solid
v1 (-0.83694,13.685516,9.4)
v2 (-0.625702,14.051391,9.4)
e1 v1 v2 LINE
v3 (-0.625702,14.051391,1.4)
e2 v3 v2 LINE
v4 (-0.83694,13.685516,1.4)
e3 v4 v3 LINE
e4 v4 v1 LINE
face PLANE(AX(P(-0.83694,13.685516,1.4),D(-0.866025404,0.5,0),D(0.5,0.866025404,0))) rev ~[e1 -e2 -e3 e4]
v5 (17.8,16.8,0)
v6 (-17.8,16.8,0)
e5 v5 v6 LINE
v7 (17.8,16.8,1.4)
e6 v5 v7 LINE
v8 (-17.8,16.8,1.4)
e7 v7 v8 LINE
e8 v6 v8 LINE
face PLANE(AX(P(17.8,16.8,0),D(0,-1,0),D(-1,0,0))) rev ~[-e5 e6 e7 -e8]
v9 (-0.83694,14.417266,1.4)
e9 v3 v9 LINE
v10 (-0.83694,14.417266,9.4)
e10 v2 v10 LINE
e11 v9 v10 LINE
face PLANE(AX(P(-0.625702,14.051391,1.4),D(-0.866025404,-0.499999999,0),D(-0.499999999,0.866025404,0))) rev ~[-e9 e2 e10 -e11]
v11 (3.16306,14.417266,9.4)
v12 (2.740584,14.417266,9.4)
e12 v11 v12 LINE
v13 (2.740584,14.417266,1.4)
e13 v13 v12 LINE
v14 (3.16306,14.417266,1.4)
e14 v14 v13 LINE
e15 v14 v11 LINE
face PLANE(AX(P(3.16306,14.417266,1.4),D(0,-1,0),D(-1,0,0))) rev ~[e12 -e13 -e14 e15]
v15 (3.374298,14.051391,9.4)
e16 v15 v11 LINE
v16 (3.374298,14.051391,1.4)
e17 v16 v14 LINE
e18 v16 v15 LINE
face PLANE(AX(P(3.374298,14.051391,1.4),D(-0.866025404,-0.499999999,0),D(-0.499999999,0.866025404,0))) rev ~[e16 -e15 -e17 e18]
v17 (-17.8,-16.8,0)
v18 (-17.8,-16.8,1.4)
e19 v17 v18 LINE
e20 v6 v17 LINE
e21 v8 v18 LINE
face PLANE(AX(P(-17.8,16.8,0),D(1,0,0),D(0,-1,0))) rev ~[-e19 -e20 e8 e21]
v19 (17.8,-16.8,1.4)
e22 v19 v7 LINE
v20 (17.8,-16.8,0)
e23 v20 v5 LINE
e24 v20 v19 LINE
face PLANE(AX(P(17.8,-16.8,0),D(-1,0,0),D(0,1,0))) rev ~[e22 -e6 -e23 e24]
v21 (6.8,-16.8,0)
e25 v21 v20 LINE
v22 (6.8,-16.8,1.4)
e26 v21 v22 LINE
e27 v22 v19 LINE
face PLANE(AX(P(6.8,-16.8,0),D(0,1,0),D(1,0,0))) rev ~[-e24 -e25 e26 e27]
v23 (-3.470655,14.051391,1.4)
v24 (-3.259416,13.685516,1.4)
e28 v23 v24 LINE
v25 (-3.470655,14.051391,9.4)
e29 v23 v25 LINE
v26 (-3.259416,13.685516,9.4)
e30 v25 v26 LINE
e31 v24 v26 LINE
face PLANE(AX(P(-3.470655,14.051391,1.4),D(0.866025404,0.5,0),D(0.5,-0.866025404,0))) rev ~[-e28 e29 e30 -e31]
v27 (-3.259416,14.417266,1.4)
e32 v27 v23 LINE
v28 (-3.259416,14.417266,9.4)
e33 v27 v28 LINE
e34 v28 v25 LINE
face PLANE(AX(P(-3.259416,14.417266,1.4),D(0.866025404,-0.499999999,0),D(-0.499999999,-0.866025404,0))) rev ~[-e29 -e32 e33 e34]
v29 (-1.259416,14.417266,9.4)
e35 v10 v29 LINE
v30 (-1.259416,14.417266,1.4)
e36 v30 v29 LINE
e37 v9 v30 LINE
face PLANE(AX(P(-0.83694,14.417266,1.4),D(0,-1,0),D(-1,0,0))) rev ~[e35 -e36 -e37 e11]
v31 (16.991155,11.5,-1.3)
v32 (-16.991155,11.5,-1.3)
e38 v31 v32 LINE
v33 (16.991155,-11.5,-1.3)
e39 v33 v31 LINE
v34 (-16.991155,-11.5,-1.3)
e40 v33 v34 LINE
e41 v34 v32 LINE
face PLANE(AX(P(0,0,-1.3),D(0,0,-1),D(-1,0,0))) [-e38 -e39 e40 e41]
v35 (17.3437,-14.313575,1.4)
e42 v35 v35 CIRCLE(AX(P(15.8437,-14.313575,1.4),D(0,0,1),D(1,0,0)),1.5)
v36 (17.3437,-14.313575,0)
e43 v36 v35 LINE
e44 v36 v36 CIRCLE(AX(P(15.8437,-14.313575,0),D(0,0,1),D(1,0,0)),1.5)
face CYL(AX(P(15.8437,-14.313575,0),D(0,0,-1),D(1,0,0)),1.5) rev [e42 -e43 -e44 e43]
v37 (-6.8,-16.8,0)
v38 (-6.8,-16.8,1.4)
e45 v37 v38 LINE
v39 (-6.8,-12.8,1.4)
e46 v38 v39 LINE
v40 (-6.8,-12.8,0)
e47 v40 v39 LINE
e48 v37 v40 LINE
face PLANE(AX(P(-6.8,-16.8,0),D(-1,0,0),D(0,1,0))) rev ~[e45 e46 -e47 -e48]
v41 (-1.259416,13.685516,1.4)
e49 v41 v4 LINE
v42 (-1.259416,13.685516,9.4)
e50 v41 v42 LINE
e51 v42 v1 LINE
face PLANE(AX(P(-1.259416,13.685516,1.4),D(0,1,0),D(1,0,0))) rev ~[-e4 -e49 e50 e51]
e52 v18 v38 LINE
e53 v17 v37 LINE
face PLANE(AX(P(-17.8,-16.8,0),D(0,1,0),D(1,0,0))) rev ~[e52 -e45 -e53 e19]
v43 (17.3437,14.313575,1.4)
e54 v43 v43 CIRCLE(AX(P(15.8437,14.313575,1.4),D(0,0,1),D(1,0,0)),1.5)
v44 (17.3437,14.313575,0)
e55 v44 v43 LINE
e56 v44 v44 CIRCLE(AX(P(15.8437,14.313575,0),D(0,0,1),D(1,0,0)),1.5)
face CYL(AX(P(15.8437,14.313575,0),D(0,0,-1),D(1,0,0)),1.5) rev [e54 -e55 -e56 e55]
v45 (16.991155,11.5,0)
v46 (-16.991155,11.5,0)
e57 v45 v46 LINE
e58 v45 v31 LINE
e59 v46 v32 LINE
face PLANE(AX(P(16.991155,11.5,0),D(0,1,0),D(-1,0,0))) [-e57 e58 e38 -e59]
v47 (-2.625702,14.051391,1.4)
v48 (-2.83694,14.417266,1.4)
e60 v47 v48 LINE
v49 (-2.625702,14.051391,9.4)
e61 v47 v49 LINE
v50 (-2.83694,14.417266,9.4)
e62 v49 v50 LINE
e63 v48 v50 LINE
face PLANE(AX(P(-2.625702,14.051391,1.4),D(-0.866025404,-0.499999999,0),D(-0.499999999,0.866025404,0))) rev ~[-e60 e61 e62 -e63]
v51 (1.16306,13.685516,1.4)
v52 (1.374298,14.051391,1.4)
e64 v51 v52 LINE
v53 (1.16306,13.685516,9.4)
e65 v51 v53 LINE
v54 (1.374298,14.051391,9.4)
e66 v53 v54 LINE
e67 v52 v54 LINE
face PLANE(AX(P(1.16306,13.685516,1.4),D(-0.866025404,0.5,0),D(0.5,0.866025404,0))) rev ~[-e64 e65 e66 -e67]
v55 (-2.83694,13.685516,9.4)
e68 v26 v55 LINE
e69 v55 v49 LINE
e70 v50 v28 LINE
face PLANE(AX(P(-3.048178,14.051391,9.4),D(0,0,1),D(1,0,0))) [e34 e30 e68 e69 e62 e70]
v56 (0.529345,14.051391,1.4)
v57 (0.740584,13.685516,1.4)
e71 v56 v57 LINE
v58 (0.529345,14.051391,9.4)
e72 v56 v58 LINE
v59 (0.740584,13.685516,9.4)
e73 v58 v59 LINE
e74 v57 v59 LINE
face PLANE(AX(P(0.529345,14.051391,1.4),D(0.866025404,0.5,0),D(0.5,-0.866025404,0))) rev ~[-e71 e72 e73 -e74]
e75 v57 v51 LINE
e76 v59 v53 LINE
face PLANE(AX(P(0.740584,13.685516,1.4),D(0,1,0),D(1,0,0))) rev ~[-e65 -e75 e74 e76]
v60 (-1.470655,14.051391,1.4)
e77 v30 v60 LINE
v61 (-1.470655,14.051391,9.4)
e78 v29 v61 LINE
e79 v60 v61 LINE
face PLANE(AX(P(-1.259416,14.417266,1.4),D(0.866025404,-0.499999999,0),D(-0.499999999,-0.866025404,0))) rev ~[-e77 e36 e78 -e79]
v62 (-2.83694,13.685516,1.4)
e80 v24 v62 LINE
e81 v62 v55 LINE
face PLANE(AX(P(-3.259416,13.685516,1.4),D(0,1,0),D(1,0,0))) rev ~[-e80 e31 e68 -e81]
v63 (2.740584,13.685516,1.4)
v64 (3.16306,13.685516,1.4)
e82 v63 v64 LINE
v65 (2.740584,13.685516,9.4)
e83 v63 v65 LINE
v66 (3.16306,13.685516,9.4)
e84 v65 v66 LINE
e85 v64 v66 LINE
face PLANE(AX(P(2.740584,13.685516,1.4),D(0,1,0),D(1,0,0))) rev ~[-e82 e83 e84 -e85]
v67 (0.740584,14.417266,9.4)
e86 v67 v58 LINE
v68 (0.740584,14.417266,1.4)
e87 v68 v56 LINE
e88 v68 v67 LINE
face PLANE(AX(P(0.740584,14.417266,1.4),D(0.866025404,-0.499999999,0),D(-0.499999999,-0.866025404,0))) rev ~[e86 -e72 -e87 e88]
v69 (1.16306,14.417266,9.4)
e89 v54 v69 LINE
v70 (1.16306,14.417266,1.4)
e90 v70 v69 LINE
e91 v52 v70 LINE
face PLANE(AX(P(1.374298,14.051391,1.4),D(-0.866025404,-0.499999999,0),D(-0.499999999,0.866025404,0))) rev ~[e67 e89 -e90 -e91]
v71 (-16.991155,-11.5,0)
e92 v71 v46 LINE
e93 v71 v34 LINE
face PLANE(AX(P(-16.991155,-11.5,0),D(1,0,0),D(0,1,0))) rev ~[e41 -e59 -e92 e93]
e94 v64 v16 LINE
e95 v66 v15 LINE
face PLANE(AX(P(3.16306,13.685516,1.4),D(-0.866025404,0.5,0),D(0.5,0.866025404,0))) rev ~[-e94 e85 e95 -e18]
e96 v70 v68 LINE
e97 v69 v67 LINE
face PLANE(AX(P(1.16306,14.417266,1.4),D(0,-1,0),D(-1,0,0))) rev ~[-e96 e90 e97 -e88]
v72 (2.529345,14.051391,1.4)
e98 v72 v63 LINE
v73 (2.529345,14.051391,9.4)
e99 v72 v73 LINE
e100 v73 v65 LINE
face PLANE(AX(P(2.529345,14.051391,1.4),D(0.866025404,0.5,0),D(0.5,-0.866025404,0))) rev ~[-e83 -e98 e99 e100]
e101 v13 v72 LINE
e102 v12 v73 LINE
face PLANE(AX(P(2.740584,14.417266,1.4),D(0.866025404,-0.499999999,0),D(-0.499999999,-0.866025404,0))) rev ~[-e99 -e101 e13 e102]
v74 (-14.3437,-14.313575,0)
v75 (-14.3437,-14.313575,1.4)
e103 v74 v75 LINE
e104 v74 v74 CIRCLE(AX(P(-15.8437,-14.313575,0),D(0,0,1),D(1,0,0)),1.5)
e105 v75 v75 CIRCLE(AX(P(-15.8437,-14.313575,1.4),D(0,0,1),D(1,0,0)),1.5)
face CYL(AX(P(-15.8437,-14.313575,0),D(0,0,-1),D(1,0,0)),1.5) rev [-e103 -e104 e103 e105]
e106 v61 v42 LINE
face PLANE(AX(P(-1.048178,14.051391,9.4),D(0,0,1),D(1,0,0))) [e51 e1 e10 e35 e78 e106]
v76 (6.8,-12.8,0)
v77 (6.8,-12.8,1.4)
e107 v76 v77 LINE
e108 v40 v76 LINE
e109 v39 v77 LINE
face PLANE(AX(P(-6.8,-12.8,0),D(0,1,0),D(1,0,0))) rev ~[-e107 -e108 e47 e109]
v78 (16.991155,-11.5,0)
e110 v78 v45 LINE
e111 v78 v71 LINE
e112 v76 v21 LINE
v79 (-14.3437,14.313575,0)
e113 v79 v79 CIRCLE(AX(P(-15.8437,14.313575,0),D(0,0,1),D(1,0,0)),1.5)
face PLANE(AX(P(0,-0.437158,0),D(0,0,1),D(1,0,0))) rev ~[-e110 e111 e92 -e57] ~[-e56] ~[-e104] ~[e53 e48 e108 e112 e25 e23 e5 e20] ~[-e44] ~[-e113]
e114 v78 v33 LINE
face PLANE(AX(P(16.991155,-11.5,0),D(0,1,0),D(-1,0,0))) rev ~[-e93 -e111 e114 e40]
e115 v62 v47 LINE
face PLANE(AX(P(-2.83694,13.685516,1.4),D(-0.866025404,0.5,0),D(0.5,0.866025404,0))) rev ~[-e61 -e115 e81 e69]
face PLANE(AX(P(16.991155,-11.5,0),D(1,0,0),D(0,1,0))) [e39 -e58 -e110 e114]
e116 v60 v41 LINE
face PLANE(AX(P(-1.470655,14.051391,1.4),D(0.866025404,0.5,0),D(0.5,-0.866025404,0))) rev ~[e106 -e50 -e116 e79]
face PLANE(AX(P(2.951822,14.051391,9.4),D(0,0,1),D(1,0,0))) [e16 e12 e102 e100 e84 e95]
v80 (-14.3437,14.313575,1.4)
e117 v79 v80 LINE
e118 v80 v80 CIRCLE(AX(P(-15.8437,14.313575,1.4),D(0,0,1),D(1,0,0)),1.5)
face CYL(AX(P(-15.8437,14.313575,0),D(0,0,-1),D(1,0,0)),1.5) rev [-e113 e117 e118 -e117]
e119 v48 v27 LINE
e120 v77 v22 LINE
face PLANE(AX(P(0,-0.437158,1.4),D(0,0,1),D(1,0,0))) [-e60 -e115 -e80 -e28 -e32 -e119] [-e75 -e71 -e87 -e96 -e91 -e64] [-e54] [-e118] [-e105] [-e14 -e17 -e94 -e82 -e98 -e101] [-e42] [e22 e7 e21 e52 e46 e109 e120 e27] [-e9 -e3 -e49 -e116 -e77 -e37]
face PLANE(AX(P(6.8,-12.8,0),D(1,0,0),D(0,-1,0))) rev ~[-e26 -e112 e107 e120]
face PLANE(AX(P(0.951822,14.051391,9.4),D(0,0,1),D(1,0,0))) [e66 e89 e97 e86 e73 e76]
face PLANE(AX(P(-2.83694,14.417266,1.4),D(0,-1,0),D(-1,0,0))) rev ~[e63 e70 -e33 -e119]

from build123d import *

# Parameters (mm, degrees)
SKETCH1_R           = 1.5
BOSS_EXTRUDE1_DEPTH = 1.4
SKETCH2_W           = 33.982309018
SKETCH2_H           = 23
BOSS_EXTRUDE2_DEPTH = 1.3
BOSS_EXTRUDE3_DEPTH = 8


with BuildPart() as part:
    # Sketch1 → Boss-Extrude1 (new body)
    with BuildSketch(Plane.XY):
        Polygon((17.8, 16.8), (-17.8, 16.8), (-17.8, -16.8), (-6.8, -16.8), (-6.8, -12.8), (6.8, -12.8), (6.8, -16.8), (17.8, -16.8), align=None)
        with Locations((-15.843700026, -14.313574824)):
            Circle(SKETCH1_R, mode=Mode.SUBTRACT)
        with Locations((15.843700026, -14.313574824)):
            Circle(SKETCH1_R, mode=Mode.SUBTRACT)
        with Locations((-15.843700026, 14.313574824)):
            Circle(SKETCH1_R, mode=Mode.SUBTRACT)
        with Locations((15.843700026, 14.313574824)):
            Circle(SKETCH1_R, mode=Mode.SUBTRACT)
    extrude(amount=BOSS_EXTRUDE1_DEPTH)

    # Sketch2 → Boss-Extrude2 (add)
    with BuildSketch(Plane(origin=(0, 0, 0), x_dir=(-1, 0, 0), z_dir=(0, 0, -1))):
        Rectangle(SKETCH2_W, SKETCH2_H)
    extrude(amount=BOSS_EXTRUDE2_DEPTH)

    # Sketch3 → Boss-Extrude3 (add)
    with BuildSketch(Plane.XY.offset(1.4)):
        Polygon((-0.625701938, 14.051390723), (-0.836940095, 14.417265944), (-1.259416409, 14.417265944), (-1.470654566, 14.051390723), (-1.259416409, 13.685515503), (-0.836940095, 13.685515503), align=None)
        Polygon((-2.625701938, 14.051390723), (-2.836940095, 14.417265944), (-3.259416409, 14.417265944), (-3.470654566, 14.051390723), (-3.259416409, 13.685515503), (-2.836940095, 13.685515503), align=None)
        Polygon((1.374298062, 14.051390723), (1.163059905, 14.417265944), (0.740583591, 14.417265944), (0.529345434, 14.051390723), (0.740583591, 13.685515503), (1.163059905, 13.685515503), align=None)
        Polygon((3.374298062, 14.051390723), (3.163059905, 14.417265944), (2.740583591, 14.417265944), (2.529345434, 14.051390723), (2.740583591, 13.685515503), (3.163059905, 13.685515503), align=None)
    extrude(amount=BOSS_EXTRUDE3_DEPTH)


solid = part.part
